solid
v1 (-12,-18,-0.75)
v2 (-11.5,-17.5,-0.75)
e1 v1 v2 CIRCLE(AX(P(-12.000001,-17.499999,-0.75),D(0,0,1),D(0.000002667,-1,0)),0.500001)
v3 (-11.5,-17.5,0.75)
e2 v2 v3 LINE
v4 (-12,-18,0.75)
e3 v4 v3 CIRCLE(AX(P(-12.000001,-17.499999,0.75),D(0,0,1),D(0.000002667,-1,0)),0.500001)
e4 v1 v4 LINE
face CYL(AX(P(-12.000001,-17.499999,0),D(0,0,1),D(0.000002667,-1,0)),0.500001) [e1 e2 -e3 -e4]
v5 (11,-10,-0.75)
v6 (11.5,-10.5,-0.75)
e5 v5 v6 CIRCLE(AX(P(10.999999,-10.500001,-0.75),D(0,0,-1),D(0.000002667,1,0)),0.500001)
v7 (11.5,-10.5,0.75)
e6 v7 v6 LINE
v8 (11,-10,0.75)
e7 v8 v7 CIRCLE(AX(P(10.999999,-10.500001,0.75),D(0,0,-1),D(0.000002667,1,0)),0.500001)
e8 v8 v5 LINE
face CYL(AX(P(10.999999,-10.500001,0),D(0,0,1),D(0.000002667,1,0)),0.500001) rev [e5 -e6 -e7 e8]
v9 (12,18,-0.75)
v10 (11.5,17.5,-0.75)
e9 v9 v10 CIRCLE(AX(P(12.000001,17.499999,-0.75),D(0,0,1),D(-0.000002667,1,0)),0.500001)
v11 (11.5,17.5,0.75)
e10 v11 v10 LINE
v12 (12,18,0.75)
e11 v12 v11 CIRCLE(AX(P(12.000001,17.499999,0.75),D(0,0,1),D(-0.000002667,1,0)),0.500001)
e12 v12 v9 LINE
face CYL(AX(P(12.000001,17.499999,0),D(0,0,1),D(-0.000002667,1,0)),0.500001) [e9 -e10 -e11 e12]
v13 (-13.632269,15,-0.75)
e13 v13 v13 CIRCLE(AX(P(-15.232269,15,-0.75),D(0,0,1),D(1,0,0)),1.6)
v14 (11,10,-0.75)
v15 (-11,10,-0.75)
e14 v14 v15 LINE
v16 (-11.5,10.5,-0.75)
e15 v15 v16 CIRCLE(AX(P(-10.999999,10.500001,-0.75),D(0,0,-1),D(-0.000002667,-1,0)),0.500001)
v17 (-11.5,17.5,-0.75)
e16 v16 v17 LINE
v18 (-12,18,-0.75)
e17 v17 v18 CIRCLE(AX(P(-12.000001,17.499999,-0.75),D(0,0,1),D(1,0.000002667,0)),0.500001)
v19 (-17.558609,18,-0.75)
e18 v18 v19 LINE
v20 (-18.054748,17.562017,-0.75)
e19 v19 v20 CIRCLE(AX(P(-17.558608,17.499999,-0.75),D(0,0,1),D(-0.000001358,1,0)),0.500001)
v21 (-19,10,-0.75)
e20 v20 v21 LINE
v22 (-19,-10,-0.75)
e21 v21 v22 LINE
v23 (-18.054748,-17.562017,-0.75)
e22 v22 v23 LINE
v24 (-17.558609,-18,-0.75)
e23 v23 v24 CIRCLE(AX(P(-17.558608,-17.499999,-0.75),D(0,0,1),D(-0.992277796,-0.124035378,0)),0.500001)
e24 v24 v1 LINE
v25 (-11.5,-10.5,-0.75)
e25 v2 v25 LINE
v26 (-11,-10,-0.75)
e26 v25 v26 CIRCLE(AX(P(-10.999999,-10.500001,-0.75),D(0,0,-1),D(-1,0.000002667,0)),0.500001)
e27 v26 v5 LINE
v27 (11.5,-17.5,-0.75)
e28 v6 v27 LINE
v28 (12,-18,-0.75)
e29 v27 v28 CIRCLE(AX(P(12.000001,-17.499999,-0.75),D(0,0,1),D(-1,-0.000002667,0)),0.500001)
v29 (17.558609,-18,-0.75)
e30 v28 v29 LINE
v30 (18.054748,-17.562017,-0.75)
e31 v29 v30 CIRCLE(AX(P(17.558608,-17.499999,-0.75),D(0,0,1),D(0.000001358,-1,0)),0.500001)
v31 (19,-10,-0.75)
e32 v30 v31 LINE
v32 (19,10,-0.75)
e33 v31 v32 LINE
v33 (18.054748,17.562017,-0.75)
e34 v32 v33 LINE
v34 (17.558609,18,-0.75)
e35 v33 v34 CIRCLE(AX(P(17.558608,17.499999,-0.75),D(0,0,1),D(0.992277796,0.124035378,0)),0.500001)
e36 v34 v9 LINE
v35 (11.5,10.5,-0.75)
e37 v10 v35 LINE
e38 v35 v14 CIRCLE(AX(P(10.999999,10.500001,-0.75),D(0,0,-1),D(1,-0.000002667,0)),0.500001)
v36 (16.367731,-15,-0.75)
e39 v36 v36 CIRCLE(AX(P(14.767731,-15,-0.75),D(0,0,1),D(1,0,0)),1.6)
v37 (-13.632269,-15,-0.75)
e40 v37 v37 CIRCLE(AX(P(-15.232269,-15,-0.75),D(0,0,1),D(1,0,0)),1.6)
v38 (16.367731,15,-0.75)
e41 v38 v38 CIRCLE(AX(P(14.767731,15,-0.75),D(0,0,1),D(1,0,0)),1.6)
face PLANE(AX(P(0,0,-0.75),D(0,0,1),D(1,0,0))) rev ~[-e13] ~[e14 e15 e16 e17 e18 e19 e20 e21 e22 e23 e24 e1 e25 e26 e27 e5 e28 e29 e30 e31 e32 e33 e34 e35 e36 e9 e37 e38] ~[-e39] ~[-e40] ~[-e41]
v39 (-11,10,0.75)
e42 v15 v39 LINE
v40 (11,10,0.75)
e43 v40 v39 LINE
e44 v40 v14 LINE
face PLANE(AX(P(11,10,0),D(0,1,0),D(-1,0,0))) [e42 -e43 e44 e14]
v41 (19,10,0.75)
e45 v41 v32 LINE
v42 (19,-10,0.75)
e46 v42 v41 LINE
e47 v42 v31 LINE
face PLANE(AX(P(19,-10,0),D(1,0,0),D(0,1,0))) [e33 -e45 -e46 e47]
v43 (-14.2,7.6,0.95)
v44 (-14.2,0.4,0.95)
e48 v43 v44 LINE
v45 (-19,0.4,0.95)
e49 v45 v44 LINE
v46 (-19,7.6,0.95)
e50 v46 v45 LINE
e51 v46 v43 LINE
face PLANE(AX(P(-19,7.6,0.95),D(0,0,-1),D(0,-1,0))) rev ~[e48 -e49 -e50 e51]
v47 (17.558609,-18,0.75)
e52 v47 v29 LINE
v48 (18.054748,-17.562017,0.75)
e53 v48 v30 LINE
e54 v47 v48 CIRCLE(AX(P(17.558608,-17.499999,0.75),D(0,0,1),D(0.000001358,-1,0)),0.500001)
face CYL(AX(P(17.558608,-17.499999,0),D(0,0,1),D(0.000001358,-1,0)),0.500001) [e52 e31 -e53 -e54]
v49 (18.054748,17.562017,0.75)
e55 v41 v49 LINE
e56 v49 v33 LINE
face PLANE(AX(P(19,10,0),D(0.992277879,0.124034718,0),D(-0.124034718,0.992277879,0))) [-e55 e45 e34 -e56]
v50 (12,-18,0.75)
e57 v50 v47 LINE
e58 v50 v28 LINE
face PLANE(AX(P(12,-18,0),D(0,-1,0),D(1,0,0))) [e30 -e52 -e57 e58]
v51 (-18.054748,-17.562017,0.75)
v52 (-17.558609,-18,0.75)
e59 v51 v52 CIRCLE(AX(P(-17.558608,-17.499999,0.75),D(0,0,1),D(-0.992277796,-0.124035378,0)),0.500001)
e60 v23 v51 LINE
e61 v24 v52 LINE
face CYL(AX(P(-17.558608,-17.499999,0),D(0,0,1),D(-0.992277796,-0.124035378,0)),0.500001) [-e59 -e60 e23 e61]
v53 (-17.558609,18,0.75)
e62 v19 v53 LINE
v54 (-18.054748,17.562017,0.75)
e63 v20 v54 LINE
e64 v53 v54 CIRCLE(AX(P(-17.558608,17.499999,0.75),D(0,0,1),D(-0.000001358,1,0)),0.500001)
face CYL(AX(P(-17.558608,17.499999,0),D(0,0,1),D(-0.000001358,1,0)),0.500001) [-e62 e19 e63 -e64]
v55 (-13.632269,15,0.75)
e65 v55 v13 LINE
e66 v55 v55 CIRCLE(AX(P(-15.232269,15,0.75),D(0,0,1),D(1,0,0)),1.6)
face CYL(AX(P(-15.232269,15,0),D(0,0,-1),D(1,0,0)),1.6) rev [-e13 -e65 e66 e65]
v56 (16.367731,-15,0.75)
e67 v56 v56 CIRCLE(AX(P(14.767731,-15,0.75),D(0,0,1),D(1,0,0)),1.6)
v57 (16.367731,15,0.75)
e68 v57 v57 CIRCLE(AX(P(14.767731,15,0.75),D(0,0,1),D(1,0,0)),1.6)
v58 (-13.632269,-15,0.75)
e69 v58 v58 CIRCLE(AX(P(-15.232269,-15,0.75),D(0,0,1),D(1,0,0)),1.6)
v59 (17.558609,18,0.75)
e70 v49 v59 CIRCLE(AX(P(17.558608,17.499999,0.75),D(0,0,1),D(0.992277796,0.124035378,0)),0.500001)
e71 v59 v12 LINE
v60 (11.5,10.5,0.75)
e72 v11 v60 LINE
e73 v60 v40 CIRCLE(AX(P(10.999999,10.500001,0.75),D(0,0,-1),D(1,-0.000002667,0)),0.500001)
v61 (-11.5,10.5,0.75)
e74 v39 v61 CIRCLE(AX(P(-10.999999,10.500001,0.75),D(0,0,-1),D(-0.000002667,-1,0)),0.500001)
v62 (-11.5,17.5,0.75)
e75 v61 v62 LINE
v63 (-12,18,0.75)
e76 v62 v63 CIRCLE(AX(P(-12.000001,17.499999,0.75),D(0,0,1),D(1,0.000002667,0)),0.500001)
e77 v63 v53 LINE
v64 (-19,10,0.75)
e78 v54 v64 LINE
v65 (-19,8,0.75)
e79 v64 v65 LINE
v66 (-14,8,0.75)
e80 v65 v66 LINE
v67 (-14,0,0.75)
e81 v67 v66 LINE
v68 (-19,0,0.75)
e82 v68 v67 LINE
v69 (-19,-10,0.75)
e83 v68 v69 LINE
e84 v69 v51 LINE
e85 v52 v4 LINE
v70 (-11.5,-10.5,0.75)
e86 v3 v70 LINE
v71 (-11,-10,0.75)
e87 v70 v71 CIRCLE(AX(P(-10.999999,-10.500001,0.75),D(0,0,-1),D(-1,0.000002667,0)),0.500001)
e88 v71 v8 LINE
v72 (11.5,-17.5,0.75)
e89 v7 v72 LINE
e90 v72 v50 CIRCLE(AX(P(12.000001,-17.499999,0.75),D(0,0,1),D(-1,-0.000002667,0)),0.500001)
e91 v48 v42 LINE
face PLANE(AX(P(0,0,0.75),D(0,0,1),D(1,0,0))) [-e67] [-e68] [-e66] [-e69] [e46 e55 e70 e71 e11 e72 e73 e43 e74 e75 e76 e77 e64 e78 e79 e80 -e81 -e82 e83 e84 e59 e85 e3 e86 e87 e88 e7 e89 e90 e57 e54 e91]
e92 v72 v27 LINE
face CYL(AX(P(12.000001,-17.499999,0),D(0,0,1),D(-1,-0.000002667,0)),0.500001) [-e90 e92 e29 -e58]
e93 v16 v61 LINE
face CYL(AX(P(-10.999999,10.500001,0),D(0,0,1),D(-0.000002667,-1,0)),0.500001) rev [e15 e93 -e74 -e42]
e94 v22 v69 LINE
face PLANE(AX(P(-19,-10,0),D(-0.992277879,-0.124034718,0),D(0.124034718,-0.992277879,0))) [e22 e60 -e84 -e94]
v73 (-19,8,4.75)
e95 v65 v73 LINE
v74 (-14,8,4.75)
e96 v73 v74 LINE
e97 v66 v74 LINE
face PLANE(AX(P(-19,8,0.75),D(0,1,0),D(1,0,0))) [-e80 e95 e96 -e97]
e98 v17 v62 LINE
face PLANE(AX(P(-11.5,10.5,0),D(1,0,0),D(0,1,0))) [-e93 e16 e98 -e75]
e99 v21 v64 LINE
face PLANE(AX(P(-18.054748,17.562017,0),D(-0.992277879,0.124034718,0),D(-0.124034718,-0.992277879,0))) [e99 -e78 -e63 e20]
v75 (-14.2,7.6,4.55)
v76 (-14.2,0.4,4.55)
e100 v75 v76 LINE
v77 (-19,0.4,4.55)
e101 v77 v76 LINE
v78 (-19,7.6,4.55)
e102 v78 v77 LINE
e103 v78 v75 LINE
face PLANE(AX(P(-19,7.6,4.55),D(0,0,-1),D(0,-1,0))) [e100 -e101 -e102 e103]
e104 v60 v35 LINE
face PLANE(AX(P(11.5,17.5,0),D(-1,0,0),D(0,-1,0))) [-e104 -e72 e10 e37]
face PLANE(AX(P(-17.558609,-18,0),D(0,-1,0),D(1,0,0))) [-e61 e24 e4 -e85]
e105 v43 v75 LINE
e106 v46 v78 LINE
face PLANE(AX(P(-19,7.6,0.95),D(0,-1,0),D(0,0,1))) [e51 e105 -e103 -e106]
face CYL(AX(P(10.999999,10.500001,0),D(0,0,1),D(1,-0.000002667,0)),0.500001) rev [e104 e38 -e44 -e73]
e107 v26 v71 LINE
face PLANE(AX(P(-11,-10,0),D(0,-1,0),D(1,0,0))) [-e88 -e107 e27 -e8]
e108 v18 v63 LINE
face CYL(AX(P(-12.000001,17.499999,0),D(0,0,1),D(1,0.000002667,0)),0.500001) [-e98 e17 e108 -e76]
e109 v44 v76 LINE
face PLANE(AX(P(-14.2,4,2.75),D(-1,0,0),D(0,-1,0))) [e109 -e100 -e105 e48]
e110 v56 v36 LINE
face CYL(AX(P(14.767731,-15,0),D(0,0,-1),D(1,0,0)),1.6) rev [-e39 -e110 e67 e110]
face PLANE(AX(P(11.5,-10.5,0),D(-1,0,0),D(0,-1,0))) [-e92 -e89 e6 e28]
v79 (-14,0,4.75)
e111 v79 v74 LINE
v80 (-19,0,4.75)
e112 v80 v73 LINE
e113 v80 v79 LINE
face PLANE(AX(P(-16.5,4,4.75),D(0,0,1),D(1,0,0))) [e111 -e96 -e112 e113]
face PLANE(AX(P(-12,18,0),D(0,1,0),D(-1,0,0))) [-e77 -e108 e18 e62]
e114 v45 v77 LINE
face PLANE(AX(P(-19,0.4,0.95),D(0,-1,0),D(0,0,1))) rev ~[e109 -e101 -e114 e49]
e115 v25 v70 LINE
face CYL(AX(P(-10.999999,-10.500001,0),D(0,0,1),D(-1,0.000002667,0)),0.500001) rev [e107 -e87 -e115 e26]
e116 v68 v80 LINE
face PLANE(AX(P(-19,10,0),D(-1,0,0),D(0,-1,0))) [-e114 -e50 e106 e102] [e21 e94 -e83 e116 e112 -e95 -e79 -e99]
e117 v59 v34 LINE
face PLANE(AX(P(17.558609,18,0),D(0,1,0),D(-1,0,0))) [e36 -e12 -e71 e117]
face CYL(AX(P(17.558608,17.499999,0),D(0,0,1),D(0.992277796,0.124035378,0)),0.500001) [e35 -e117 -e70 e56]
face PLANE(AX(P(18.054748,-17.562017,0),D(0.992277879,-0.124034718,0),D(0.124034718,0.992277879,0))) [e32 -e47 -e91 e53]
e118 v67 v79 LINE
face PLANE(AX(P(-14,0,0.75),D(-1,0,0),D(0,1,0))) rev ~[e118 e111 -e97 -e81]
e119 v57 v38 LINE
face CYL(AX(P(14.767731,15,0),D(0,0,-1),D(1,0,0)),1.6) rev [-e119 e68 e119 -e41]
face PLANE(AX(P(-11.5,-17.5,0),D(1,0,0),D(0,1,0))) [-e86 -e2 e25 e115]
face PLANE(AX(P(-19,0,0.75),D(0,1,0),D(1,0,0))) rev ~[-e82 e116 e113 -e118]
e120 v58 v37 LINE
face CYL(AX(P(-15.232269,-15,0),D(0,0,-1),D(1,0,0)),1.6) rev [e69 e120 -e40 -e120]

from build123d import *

# Parameters (mm, degrees)
F0_R     = 1.6
F1_DEPTH = 0.75
F2_W     = 5
F2_H     = 8
F3_DEPTH = 4
F4_W     = 7.2
F4_H     = 3.6
F5_DEPTH = 4.8


with BuildPart() as f1:
    # F0 (on Top) → F1 (new body, symmetric)
    with BuildSketch(Plane.XY):
        with BuildLine():
            Line((11, 10), (-11, 10))
            ThreePointArc((-11, 10), (-11.353553, 10.146447), (-11.5, 10.5))
            Line((-11.5, 10.5), (-11.5, 17.5))
            ThreePointArc((-11.5, 17.5), (-11.646447, 17.853553), (-12, 18))
            Line((-12, 18), (-17.558609, 18))
            ThreePointArc((-17.558609, 18), (-17.88951, 17.874839), (-18.054748, 17.562017))
            Line((-18.054748, 17.562017), (-19, 10))
            Line((-19, 10), (-19, 0))
            Line((-19, 0), (-19, -10))
            Line((-19, -10), (-18.054748, -17.562017))
            ThreePointArc((-18.054748, -17.562017), (-17.88951, -17.874839), (-17.558609, -18))
            Line((-17.558609, -18), (-12, -18))
            ThreePointArc((-12, -18), (-11.646447, -17.853553), (-11.5, -17.5))
            Line((-11.5, -17.5), (-11.5, -10.5))
            ThreePointArc((-11.5, -10.5), (-11.353553, -10.146447), (-11, -10))
            Line((-11, -10), (11, -10))
            ThreePointArc((11, -10), (11.353553, -10.146447), (11.5, -10.5))
            Line((11.5, -10.5), (11.5, -17.5))
            ThreePointArc((11.5, -17.5), (11.646447, -17.853553), (12, -18))
            Line((12, -18), (17.558609, -18))
            ThreePointArc((17.558609, -18), (17.88951, -17.874839), (18.054748, -17.562017))
            Line((18.054748, -17.562017), (19, -10))
            Line((19, -10), (19, 0))
            Line((19, 0), (19, 10))
            Line((19, 10), (18.054748, 17.562017))
            ThreePointArc((18.054748, 17.562017), (17.88951, 17.874839), (17.558609, 18))
            Line((17.558609, 18), (12, 18))
            ThreePointArc((12, 18), (11.646447, 17.853553), (11.5, 17.5))
            Line((11.5, 17.5), (11.5, 10.5))
            ThreePointArc((11.5, 10.5), (11.353553, 10.146447), (11, 10))
        make_face()
        with Locations((-15.232269, -15)):
            Circle(F0_R, mode=Mode.SUBTRACT)
        with Locations((14.767731, -15)):
            Circle(F0_R, mode=Mode.SUBTRACT)
        with Locations((-15.232269, 15)):
            Circle(F0_R, mode=Mode.SUBTRACT)
        with Locations((14.767731, 15)):
            Circle(F0_R, mode=Mode.SUBTRACT)
    extrude(amount=F1_DEPTH, both=True)

    # F2 (on face) → F3 (join)
    with BuildSketch(Plane.XY.offset(0.75)):
        with Locations((-16.5, 4)):
            Rectangle(F2_W, F2_H)
    extrude(amount=F3_DEPTH)

    # F4 (on face) → F5 (cut)
    with BuildSketch(Plane(origin=(-19, 0, 0), x_dir=(0, -1, 0), z_dir=(-1, 0, 0))):
        with Locations((-4, 2.75)):
            Rectangle(F4_W, F4_H)
    extrude(amount=-F5_DEPTH, mode=Mode.SUBTRACT)


solid = f1.part
